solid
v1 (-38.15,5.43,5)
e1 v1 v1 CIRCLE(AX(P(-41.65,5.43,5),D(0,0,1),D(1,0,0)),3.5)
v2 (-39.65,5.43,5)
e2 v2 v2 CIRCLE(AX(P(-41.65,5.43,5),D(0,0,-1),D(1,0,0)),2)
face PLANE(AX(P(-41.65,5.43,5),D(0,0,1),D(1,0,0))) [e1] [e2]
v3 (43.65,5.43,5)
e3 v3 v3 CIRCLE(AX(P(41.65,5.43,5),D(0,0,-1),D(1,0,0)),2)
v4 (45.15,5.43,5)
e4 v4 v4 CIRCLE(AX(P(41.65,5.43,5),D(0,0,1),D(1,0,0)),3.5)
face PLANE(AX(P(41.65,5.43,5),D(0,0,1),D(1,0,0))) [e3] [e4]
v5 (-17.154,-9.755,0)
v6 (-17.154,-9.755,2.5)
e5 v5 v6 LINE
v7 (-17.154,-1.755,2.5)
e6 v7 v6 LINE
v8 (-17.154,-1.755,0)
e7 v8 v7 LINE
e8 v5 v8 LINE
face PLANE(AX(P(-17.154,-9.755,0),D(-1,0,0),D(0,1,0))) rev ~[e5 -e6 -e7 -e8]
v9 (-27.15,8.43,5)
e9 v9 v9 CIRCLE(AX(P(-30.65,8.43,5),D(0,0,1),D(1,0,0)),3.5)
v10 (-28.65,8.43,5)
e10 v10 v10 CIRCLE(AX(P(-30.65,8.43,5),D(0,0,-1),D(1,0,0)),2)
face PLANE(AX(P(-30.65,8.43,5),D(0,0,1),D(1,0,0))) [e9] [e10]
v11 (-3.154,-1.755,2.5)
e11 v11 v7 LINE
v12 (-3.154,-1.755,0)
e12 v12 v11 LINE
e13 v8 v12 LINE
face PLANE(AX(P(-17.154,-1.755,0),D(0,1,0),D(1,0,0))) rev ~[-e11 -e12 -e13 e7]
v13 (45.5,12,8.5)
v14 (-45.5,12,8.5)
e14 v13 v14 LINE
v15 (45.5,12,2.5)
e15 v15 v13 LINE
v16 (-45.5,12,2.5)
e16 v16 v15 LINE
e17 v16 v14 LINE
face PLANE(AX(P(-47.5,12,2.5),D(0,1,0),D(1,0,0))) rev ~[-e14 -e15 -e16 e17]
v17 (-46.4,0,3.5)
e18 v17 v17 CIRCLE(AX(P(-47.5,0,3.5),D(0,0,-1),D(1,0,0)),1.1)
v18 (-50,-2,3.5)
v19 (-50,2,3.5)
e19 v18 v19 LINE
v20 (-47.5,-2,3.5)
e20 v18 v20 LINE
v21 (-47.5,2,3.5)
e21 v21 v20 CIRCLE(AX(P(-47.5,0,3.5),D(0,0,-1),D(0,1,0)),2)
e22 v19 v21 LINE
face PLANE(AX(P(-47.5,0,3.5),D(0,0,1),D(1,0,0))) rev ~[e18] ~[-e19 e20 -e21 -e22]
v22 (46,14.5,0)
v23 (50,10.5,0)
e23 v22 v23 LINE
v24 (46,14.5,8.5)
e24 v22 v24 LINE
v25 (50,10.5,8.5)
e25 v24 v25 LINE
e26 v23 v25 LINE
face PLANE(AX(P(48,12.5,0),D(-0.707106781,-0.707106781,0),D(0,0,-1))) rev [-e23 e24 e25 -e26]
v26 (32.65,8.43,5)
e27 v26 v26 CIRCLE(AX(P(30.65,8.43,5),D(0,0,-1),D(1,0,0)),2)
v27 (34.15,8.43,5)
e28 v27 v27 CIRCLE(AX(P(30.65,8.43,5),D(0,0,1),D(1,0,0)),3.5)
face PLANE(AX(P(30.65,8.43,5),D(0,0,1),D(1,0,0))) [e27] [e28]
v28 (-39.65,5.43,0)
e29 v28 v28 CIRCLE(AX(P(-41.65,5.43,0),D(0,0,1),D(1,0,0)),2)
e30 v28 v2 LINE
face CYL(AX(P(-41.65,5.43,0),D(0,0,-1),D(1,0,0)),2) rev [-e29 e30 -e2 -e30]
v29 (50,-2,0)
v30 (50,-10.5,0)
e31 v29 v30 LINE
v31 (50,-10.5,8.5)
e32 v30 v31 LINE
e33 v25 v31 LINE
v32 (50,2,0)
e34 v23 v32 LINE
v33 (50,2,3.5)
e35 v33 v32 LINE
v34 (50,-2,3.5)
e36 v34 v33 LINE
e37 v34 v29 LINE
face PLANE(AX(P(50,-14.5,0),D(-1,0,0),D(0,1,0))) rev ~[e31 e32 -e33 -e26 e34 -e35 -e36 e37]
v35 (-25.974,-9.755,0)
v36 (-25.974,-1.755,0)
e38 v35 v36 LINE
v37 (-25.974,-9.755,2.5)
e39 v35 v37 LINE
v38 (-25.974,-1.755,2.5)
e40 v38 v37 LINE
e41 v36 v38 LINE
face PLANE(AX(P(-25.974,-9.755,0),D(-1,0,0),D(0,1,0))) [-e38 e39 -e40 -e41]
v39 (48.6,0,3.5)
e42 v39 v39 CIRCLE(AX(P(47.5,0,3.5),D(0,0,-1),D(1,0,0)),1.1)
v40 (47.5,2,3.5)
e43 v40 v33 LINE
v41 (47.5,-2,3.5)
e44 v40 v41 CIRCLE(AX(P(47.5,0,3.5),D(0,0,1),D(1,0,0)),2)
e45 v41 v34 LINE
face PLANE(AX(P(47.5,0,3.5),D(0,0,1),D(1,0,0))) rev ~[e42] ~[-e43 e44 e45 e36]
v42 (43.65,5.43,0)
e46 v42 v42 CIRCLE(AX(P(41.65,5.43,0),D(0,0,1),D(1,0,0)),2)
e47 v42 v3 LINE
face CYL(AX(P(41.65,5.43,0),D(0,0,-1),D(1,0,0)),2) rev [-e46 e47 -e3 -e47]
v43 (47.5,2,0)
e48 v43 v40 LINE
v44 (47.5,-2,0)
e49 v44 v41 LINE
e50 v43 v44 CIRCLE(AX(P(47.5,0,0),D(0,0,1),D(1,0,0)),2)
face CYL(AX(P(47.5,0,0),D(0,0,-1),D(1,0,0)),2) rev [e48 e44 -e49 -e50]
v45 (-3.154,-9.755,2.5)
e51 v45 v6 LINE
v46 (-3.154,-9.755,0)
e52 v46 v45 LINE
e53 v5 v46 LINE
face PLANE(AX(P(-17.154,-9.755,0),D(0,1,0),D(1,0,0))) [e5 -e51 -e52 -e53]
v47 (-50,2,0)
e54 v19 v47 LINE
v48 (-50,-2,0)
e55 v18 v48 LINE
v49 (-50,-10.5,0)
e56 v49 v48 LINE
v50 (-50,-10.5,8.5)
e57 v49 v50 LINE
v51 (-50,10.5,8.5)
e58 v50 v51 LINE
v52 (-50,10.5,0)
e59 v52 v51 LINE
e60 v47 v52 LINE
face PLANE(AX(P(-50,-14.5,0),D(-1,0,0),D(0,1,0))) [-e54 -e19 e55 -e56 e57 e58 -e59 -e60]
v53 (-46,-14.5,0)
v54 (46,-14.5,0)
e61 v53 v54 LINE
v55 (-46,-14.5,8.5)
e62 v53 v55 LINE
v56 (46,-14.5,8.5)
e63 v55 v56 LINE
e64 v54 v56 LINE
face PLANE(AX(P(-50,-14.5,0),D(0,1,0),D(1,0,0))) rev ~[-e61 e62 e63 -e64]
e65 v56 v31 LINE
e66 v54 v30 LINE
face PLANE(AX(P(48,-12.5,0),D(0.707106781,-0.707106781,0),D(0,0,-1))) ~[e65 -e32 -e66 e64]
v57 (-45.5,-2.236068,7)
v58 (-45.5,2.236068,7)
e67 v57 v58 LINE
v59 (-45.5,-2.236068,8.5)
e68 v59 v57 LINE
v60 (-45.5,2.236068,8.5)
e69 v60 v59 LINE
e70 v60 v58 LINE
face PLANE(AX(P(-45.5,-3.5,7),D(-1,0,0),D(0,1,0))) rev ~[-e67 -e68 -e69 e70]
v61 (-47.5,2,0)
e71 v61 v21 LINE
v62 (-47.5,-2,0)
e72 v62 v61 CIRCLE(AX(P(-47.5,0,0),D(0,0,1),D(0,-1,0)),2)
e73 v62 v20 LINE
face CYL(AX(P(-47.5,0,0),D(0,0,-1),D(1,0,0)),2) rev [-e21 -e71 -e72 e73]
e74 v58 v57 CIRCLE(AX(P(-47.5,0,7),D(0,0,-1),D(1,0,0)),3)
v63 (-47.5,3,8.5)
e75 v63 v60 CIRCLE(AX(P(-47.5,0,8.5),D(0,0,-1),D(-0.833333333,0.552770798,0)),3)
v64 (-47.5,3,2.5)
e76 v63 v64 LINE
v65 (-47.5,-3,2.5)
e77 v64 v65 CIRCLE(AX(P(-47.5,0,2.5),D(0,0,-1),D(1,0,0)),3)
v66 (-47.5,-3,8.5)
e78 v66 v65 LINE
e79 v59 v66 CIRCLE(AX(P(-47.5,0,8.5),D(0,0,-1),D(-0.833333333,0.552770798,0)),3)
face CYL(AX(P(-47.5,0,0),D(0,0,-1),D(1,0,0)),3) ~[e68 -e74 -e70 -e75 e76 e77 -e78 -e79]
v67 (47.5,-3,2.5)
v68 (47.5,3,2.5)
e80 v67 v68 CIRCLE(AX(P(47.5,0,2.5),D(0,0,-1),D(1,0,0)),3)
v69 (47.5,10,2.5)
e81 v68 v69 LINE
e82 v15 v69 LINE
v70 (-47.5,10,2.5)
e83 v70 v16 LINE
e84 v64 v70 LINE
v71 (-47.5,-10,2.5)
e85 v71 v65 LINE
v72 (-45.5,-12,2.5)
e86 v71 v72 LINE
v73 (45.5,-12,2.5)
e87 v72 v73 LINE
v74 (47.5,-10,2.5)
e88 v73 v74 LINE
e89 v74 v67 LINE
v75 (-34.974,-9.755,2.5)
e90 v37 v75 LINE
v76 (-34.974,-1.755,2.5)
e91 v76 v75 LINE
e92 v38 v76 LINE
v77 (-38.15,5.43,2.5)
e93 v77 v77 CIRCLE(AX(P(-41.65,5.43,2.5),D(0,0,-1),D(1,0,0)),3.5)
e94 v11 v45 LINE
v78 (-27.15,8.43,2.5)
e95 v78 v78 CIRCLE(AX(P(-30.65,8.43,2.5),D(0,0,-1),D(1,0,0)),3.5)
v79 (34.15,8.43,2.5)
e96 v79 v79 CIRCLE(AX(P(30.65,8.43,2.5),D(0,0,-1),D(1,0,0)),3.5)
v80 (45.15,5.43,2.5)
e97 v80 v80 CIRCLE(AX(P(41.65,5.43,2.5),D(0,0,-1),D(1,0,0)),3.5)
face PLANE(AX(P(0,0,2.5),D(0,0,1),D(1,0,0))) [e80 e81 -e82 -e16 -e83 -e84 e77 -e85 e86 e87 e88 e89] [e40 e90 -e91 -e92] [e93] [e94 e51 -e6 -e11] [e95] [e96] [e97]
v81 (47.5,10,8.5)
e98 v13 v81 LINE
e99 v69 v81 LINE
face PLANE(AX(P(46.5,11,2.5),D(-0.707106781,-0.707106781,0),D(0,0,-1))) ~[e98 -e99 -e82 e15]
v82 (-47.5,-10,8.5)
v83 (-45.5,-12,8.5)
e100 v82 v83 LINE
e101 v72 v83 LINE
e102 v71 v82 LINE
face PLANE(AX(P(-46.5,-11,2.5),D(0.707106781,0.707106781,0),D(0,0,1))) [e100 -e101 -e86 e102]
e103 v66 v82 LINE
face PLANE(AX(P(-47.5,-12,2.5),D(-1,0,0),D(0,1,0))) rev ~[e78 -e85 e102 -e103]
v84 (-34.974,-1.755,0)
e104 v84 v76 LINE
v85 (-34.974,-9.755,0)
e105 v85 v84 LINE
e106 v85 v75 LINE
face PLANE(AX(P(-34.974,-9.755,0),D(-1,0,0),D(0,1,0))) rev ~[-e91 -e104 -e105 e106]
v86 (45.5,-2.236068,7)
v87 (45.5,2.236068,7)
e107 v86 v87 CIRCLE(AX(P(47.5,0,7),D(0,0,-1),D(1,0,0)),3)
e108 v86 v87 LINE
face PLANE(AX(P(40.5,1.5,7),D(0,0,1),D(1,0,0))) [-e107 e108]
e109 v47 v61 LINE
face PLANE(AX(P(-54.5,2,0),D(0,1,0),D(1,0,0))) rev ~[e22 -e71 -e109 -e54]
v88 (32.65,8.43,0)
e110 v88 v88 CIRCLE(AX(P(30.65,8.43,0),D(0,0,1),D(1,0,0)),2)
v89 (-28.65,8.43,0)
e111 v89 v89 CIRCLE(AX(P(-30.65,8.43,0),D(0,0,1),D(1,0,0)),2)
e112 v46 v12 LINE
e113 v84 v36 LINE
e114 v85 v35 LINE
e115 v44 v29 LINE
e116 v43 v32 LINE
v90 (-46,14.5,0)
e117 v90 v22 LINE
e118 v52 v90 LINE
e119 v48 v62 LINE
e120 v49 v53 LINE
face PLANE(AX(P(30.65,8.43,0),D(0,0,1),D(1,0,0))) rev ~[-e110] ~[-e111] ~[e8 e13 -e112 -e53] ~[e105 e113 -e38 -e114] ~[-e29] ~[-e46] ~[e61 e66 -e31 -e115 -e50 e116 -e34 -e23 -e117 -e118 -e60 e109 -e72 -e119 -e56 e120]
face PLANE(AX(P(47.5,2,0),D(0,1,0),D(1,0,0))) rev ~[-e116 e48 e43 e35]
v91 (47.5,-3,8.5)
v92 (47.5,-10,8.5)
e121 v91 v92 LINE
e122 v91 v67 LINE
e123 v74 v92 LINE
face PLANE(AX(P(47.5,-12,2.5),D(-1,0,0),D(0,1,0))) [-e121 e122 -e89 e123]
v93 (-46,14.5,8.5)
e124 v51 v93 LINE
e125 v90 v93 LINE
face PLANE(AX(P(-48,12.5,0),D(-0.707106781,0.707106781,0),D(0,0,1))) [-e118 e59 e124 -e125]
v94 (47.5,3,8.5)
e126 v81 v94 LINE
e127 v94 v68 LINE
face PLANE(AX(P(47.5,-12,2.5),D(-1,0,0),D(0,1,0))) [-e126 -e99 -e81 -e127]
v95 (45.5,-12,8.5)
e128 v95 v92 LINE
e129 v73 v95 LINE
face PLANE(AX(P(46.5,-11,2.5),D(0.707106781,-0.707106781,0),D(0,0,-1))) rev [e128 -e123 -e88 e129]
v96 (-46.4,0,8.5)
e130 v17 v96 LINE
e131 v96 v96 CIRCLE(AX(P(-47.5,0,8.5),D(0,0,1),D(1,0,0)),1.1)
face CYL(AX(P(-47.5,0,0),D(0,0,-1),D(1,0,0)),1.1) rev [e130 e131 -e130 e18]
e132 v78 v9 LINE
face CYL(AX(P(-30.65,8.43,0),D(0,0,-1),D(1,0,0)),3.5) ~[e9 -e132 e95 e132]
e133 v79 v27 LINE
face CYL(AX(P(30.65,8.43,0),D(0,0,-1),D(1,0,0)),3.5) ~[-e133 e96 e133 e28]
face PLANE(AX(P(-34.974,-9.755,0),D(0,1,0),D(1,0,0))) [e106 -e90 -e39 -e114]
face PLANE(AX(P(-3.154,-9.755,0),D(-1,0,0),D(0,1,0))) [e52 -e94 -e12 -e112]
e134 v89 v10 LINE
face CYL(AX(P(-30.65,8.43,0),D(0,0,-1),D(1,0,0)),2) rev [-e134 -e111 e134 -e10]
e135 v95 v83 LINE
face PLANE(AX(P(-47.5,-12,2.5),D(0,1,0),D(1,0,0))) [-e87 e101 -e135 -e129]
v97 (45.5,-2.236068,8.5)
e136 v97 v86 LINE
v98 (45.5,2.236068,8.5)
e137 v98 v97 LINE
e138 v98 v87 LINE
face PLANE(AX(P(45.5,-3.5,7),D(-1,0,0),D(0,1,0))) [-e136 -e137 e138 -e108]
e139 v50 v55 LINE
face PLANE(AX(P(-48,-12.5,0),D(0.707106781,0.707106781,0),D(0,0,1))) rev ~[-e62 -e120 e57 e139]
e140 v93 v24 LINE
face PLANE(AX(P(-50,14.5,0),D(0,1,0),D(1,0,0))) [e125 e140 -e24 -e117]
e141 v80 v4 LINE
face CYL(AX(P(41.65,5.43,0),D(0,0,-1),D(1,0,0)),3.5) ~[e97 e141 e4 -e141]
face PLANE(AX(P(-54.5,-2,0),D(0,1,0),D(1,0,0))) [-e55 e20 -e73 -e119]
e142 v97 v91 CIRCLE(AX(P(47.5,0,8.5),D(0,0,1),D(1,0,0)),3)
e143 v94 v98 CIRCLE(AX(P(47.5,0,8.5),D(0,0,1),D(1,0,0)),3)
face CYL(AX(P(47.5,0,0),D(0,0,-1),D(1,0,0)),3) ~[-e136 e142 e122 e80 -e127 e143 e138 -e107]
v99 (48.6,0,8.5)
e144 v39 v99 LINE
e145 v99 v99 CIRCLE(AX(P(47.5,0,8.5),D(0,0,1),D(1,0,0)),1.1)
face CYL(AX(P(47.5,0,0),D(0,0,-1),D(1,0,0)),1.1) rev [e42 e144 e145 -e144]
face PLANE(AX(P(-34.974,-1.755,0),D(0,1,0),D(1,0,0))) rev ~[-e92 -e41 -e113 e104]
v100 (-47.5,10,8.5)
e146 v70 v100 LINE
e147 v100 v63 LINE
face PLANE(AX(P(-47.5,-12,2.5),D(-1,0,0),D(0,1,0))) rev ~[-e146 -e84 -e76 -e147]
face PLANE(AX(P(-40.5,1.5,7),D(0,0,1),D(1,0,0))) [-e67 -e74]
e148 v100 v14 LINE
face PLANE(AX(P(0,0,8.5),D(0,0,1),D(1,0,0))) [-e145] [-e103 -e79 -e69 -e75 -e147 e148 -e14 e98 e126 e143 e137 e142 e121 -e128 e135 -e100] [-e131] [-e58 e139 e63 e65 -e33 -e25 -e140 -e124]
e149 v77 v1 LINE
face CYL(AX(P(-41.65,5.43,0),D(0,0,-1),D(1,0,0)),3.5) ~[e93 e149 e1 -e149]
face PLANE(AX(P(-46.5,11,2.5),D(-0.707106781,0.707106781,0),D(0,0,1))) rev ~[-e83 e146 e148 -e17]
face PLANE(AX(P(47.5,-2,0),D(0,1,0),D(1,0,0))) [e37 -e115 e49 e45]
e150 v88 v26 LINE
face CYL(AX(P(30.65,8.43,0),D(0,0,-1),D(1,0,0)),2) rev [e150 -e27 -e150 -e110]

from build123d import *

# Parameters (mm, degrees)
BOX006_W           = 14
BOX006_H           = 8
BOX006_DEPTH       = 10
BOX005_W           = 9
BOX005_H           = 8
BOX005_DEPTH       = 10
BOX017_W           = 7
BOX017_H           = 4
BOX017_DEPTH       = 3.5
CYLINDER035_R      = 2
CYLINDER035_DEPTH  = 3.5
CYLINDER034_R      = 2
CYLINDER034_DEPTH  = 3.5
BOX018_W           = 7
BOX018_H           = 4
BOX018_DEPTH       = 3.5
CYLINDER039_R      = 1.1
CYLINDER039_DEPTH  = 8.5
CYLINDER038_R      = 1.1
CYLINDER038_DEPTH  = 8.5
CYLINDER_R         = 2
CYLINDER_DEPTH     = 10
CYLINDER001_R      = 2
CYLINDER001_DEPTH  = 10
CYLINDER003_R      = 2
CYLINDER003_DEPTH  = 10
CYLINDER002_R      = 2
CYLINDER002_DEPTH  = 10
CYLINDER014_R      = 3.5
CYLINDER014_DEPTH  = 5
CYLINDER013_R      = 3.5
CYLINDER013_DEPTH  = 5
CYLINDER012_R      = 3.5
CYLINDER012_DEPTH  = 5
CYLINDER015_R      = 3.5
CYLINDER015_DEPTH  = 5
BOX003_W           = 95
BOX003_H           = 24
BOX003_DEPTH       = 22.5
BOX004_W           = 100
BOX004_H           = 29
BOX004_DEPTH       = 8.5
BOX016_W           = 10
BOX016_H           = 10
BOX016_DEPTH       = 10
BOX014_W           = 10
BOX014_H           = 10
BOX014_DEPTH       = 10
CYLINDER036_R      = 3
CYLINDER036_DEPTH  = 8.5
BOX015_W           = 10
BOX015_H           = 10
BOX015_DEPTH       = 10
BOX013_W           = 10
BOX013_H           = 10
BOX013_DEPTH       = 10
CYLINDER037_R      = 3
CYLINDER037_DEPTH  = 8.5
CHAMFER_SIZE       = 2
CHAMFER011005_SIZE = 4


with BuildPart() as cube005:
    # Box006 → Box006 (new body)
    with BuildSketch(Plane(origin=(-17.154, -10.755, 0), x_dir=(1, 0, 0), z_dir=(0, 0, 1))):
        with Locations((7, 4)):
            Rectangle(BOX006_W, BOX006_H)
    extrude(amount=BOX006_DEPTH)


with BuildPart() as fusion011002:
    # Box005 → Box005 (new body)
    with BuildSketch(Plane(origin=(-34.974, -10.755, 0), x_dir=(1, 0, 0), z_dir=(0, 0, 1))):
        with Locations((4.5, 4)):
            Rectangle(BOX005_W, BOX005_H)
    extrude(amount=BOX005_DEPTH)

    # Fusion011002: union Cube005
    add(cube005.part)


with BuildPart() as fusion011002_1:
    # Fusion011002 placement: moved
    add(fusion011002.part.moved(Location((0, 1, 0))))


with BuildPart() as cube016:
    # Box017 → Box017 (new body)
    with BuildSketch(Plane(origin=(-54.5, -2, 0), x_dir=(1, 0, 0), z_dir=(0, 0, 1))):
        with Locations((3.5, 2)):
            Rectangle(BOX017_W, BOX017_H)
    extrude(amount=BOX017_DEPTH)


with BuildPart() as cylinder035:
    # Cylinder035 → Cylinder035 (new body)
    with BuildSketch(Plane(origin=(-47.5, 0, 0), x_dir=(1, 0, 0), z_dir=(0, 0, 1))):
        Circle(CYLINDER035_R)
    extrude(amount=CYLINDER035_DEPTH)


with BuildPart() as cylinder034:
    # Cylinder034 → Cylinder034 (new body)
    with BuildSketch(Plane(origin=(47.5, 0, 0), x_dir=(1, 0, 0), z_dir=(0, 0, 1))):
        Circle(CYLINDER034_R)
    extrude(amount=CYLINDER034_DEPTH)


with BuildPart() as fusion021:
    # Box018 → Box018 (new body)
    with BuildSketch(Plane(origin=(47.5, -2, 0), x_dir=(1, 0, 0), z_dir=(0, 0, 1))):
        with Locations((3.5, 2)):
            Rectangle(BOX018_W, BOX018_H)
    extrude(amount=BOX018_DEPTH)

    # Fusion021: union Cube016, Cylinder035, Cylinder034
    add(cube016.part)
    add(cylinder035.part)
    add(cylinder034.part)


with BuildPart() as cylinder039:
    # Cylinder039 → Cylinder039 (new body)
    with BuildSketch(Plane(origin=(47.5, 0, 0), x_dir=(1, 0, 0), z_dir=(0, 0, 1))):
        Circle(CYLINDER039_R)
    extrude(amount=CYLINDER039_DEPTH)


with BuildPart() as fusion025:
    # Cylinder038 → Cylinder038 (new body)
    with BuildSketch(Plane(origin=(-47.5, 0, 0), x_dir=(1, 0, 0), z_dir=(0, 0, 1))):
        Circle(CYLINDER038_R)
    extrude(amount=CYLINDER038_DEPTH)

    # Fusion025: union Cylinder039
    add(cylinder039.part)


with BuildPart() as cylinder:
    # Cylinder → Cylinder (new body)
    with BuildSketch(Plane(origin=(-25.65, 13.93, 0), x_dir=(1, 0, 0), z_dir=(0, 0, 1))):
        Circle(CYLINDER_R)
    extrude(amount=CYLINDER_DEPTH)


with BuildPart() as cylinder001:
    # Cylinder001 → Cylinder001 (new body)
    with BuildSketch(Plane(origin=(-36.65, 10.93, 0), x_dir=(1, 0, 0), z_dir=(0, 0, 1))):
        Circle(CYLINDER001_R)
    extrude(amount=CYLINDER001_DEPTH)


with BuildPart() as cylinder003:
    # Cylinder003 → Cylinder003 (new body)
    with BuildSketch(Plane(origin=(35.65, 13.93, 0), x_dir=(1, 0, 0), z_dir=(0, 0, 1))):
        Circle(CYLINDER003_R)
    extrude(amount=CYLINDER003_DEPTH)


with BuildPart() as fusion:
    # Cylinder002 → Cylinder002 (new body)
    with BuildSketch(Plane(origin=(46.65, 10.93, 0), x_dir=(1, 0, 0), z_dir=(0, 0, 1))):
        Circle(CYLINDER002_R)
    extrude(amount=CYLINDER002_DEPTH)

    # Fusion: union Cylinder, Cylinder001, Cylinder003
    add(cylinder.part)
    add(cylinder001.part)
    add(cylinder003.part)


with BuildPart() as fusion_1:
    # Fusion placement: moved
    add(fusion.part.moved(Location((-5, -5.5, 0))))


with BuildPart() as cylinder014:
    # Cylinder014 → Cylinder014 (new body)
    with BuildSketch(Plane(origin=(-36.65, 10.93, 0), x_dir=(1, 0, 0), z_dir=(0, 0, 1))):
        Circle(CYLINDER014_R)
    extrude(amount=CYLINDER014_DEPTH)


with BuildPart() as cylinder013:
    # Cylinder013 → Cylinder013 (new body)
    with BuildSketch(Plane(origin=(-25.65, 13.93, 0), x_dir=(1, 0, 0), z_dir=(0, 0, 1))):
        Circle(CYLINDER013_R)
    extrude(amount=CYLINDER013_DEPTH)


with BuildPart() as cylinder012:
    # Cylinder012 → Cylinder012 (new body)
    with BuildSketch(Plane(origin=(46.65, 10.93, 0), x_dir=(1, 0, 0), z_dir=(0, 0, 1))):
        Circle(CYLINDER012_R)
    extrude(amount=CYLINDER012_DEPTH)


with BuildPart() as fusion003:
    # Cylinder015 → Cylinder015 (new body)
    with BuildSketch(Plane(origin=(35.65, 13.93, 0), x_dir=(1, 0, 0), z_dir=(0, 0, 1))):
        Circle(CYLINDER015_R)
    extrude(amount=CYLINDER015_DEPTH)

    # Fusion003: union Cylinder014, Cylinder013, Cylinder012
    add(cylinder014.part)
    add(cylinder013.part)
    add(cylinder012.part)


with BuildPart() as fusion003_1:
    # Fusion003 placement: moved
    add(fusion003.part.moved(Location((-5, -5.5, 0))))


with BuildPart() as cube003:
    # Box003 → Box003 (new body)
    with BuildSketch(Plane(origin=(-47.5, -12, 2.5), x_dir=(1, 0, 0), z_dir=(0, 0, 1))):
        with Locations((47.5, 12)):
            Rectangle(BOX003_W, BOX003_H)
    extrude(amount=BOX003_DEPTH)


with BuildPart() as cut008:
    # Box004 → Box004 (new body)
    with BuildSketch(Plane(origin=(-50, -14.5, 0), x_dir=(1, 0, 0), z_dir=(0, 0, 1))):
        with Locations((50, 14.5)):
            Rectangle(BOX004_W, BOX004_H)
    extrude(amount=BOX004_DEPTH)

    # Cut: cut Cube003
    add(cube003.part, mode=Mode.SUBTRACT)

    # Fusion017: union Fusion003
    add(fusion003_1.part)

    # Cut008: cut Fusion
    add(fusion_1.part, mode=Mode.SUBTRACT)


with BuildPart() as cube015:
    # Box016 → Box016 (new body)
    with BuildSketch(Plane(origin=(-45.5, -3.5, 7), x_dir=(1, 0, 0), z_dir=(0, 0, 1))):
        with Locations((5, 5)):
            Rectangle(BOX016_W, BOX016_H)
    extrude(amount=BOX016_DEPTH)


with BuildPart() as cube013:
    # Box014 → Box014 (new body)
    with BuildSketch(Plane(origin=(-60, -4.5, 0), x_dir=(1, 0, 0), z_dir=(0, 0, 1))):
        with Locations((5, 5)):
            Rectangle(BOX014_W, BOX014_H)
    extrude(amount=BOX014_DEPTH)


with BuildPart() as cut015:
    # Cylinder036 → Cylinder036 (new body)
    with BuildSketch(Plane(origin=(-47.5, 0, 0), x_dir=(1, 0, 0), z_dir=(0, 0, 1))):
        Circle(CYLINDER036_R)
    extrude(amount=CYLINDER036_DEPTH)

    # Cut013: cut Cube013
    add(cube013.part, mode=Mode.SUBTRACT)

    # Cut015: cut Cube015
    add(cube015.part, mode=Mode.SUBTRACT)


with BuildPart() as cube014:
    # Box015 → Box015 (new body)
    with BuildSketch(Plane(origin=(35.5, -3.5, 7), x_dir=(1, 0, 0), z_dir=(0, 0, 1))):
        with Locations((5, 5)):
            Rectangle(BOX015_W, BOX015_H)
    extrude(amount=BOX015_DEPTH)


with BuildPart() as cube012:
    # Box013 → Box013 (new body)
    with BuildSketch(Plane(origin=(50, -4.5, 0), x_dir=(1, 0, 0), z_dir=(0, 0, 1))):
        with Locations((5, 5)):
            Rectangle(BOX013_W, BOX013_H)
    extrude(amount=BOX013_DEPTH)


with BuildPart() as cut025:
    # Cylinder037 → Cylinder037 (new body)
    with BuildSketch(Plane(origin=(47.5, 0, 0), x_dir=(1, 0, 0), z_dir=(0, 0, 1))):
        Circle(CYLINDER037_R)
    extrude(amount=CYLINDER037_DEPTH)

    # Cut014: cut Cube012
    add(cube012.part, mode=Mode.SUBTRACT)

    # Cut016: cut Cube014
    add(cube014.part, mode=Mode.SUBTRACT)

    # Fusion026: union Cut015
    add(cut015.part)

    # Fusion011003: union Cut008
    add(cut008.part)

    # Cut023: cut Fusion025
    add(fusion025.part, mode=Mode.SUBTRACT)

    # Cut024: cut Fusion021
    add(fusion021.part, mode=Mode.SUBTRACT)

    # Chamfer
    chamfer_edges = [cut025.edges().sort_by_distance(p)[0] for p in [
        (47.5, 12, 5.5),
        (-47.5, 12, 5.5),
        (-47.5, -12, 5.5),
        (47.5, -12, 5.5),
    ]]
    chamfer(chamfer_edges, length=CHAMFER_SIZE)

    # Chamfer011005
    chamfer011005_edges = [cut025.edges().sort_by_distance(p)[0] for p in [
        (50, 14.5, 4.25),
        (-50, 14.5, 4.25),
        (50, -14.5, 4.25),
        (-50, -14.5, 4.25),
    ]]
    chamfer(chamfer011005_edges, length=CHAMFER011005_SIZE)

    # Cut025: cut Fusion011002
    add(fusion011002_1.part, mode=Mode.SUBTRACT)


solid = cut025.part
